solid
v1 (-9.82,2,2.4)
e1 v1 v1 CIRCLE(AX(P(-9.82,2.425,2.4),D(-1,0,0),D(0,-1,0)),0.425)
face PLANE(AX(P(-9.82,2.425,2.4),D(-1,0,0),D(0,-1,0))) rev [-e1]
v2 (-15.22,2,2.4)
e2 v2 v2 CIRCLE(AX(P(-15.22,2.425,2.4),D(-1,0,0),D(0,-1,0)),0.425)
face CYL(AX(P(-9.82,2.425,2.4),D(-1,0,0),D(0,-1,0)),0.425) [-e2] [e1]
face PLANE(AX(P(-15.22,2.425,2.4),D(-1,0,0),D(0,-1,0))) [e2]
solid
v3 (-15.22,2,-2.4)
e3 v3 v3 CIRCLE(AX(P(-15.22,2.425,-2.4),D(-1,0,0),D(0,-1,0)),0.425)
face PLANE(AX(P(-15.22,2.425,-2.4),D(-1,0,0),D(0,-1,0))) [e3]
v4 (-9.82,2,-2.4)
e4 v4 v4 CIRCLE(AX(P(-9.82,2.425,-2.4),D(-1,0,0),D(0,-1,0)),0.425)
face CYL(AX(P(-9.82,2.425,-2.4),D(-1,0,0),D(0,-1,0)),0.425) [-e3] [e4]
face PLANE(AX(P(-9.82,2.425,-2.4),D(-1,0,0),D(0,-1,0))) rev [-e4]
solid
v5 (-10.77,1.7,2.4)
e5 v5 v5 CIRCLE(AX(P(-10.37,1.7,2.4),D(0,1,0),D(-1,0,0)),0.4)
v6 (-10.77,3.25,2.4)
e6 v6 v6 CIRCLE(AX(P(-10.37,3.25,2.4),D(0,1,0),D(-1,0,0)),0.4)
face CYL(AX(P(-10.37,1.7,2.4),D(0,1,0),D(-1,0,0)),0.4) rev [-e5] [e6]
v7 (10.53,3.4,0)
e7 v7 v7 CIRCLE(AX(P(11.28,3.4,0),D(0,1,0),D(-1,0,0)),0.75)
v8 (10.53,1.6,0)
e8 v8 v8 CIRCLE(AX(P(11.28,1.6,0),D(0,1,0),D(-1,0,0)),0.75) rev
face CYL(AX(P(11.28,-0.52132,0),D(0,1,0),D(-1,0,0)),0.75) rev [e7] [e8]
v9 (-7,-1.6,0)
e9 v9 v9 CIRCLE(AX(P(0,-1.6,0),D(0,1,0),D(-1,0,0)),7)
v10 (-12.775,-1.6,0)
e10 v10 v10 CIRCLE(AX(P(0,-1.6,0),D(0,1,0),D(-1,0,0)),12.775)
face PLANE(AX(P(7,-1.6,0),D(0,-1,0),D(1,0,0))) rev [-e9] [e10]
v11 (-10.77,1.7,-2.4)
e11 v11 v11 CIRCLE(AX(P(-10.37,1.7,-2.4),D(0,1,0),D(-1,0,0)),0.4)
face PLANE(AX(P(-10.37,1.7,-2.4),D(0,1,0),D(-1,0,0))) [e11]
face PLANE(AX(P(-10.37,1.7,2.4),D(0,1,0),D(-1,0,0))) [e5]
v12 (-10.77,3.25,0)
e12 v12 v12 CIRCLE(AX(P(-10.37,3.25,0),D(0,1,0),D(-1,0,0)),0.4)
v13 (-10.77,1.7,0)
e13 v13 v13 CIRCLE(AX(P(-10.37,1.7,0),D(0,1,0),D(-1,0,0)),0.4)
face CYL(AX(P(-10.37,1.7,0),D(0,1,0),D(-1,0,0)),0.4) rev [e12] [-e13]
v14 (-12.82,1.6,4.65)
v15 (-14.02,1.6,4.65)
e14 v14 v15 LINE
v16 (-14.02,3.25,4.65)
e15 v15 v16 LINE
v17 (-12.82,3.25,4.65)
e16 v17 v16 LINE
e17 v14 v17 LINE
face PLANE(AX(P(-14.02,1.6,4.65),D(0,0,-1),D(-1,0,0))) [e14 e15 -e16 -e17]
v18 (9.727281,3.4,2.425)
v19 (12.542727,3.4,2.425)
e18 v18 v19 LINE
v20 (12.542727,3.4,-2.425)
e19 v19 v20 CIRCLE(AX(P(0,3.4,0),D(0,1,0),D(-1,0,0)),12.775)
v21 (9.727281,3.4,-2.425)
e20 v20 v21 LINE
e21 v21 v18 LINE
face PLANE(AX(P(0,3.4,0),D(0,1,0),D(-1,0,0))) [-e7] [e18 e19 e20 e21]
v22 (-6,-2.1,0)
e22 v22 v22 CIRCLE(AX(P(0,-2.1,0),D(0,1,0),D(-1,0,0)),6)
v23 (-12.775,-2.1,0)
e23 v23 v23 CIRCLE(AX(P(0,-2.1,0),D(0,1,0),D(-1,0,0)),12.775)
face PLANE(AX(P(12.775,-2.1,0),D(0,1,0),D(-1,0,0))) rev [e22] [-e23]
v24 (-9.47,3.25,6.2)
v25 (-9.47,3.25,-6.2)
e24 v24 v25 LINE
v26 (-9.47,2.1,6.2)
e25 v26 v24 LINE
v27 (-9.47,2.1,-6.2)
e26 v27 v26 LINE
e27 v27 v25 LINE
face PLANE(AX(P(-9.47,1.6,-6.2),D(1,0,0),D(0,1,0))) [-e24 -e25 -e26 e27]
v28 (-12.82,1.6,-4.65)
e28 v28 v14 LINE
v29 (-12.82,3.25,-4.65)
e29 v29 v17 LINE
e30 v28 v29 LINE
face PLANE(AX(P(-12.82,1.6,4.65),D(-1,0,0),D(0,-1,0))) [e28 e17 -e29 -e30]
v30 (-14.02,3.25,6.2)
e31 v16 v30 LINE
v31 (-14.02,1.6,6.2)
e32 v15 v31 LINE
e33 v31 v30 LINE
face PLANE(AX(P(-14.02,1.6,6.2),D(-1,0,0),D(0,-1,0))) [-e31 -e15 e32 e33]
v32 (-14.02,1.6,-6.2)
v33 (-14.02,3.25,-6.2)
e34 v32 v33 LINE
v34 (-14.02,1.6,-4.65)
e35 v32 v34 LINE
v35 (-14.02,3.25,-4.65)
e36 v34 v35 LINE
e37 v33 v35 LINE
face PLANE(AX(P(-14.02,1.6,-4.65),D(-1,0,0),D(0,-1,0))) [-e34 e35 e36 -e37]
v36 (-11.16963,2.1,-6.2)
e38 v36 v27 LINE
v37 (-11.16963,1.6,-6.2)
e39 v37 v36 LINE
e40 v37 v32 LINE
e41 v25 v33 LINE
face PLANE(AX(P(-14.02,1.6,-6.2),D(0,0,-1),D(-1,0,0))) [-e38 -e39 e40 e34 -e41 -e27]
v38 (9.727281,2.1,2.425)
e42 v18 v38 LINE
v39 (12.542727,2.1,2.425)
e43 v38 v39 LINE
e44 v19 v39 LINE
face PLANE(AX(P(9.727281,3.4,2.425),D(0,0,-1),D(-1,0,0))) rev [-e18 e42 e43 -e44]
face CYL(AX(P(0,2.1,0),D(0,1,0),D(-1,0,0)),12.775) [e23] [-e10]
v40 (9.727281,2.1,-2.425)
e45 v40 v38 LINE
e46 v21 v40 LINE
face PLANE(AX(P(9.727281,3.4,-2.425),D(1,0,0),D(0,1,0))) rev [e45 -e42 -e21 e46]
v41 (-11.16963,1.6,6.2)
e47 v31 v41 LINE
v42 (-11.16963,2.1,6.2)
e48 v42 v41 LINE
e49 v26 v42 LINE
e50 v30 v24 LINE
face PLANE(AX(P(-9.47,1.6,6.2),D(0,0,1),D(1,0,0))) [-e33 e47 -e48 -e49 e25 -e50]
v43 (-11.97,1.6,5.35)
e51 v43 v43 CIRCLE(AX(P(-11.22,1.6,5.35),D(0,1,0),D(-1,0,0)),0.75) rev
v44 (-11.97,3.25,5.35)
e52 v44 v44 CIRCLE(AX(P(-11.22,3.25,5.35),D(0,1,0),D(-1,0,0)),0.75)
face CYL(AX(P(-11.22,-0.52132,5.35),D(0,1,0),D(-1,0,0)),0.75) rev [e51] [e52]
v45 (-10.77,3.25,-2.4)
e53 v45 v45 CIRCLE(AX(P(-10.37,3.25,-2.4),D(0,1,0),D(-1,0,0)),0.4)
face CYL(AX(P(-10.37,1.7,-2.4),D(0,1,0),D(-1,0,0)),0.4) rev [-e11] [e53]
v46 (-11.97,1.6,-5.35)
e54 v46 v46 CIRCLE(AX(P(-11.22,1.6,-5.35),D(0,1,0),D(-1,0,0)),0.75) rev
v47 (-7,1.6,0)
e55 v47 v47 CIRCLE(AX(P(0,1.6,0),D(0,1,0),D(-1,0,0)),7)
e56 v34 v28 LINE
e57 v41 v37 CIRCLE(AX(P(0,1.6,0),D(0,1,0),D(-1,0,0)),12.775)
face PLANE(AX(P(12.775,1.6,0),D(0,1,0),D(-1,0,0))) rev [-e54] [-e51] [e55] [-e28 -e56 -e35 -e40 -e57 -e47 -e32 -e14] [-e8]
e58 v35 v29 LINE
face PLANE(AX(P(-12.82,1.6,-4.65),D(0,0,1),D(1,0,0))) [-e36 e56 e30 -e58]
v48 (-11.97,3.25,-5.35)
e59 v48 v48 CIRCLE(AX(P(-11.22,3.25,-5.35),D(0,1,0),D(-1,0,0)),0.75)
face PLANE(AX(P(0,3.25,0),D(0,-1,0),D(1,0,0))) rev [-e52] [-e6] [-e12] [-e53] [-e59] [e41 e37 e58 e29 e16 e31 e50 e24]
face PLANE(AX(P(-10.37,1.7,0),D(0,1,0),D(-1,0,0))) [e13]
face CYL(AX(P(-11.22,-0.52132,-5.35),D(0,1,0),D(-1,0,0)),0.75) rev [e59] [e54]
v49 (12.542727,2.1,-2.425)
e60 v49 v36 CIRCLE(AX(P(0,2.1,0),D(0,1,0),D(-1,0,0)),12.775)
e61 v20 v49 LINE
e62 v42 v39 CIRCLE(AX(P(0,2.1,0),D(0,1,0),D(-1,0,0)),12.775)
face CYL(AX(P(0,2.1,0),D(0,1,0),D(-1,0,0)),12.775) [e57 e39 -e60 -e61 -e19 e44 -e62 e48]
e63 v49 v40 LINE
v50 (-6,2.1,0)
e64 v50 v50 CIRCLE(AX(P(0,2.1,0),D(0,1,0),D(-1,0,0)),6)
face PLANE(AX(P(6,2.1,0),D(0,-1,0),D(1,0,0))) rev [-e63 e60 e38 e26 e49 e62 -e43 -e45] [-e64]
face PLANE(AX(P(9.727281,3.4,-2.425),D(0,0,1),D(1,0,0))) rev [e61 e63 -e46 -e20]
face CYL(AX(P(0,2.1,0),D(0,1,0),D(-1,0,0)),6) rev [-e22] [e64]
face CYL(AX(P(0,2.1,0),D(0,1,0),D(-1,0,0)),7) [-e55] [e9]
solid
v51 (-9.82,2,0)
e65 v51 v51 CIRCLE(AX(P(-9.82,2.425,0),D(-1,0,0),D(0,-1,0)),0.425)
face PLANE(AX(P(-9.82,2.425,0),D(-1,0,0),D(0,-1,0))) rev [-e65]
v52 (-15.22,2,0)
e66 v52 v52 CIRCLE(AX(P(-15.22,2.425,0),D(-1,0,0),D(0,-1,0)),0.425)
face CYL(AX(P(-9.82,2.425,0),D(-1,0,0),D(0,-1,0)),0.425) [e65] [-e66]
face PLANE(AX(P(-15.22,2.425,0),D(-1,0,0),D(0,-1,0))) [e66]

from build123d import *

# Parameters (mm, degrees)
EXTRUDE_1_DEPTH        = 1.3
EXTRUDE_2_DEPTH        = 1.15
EXTRUDE_2_DEPTH_BACK   = 0.5
SKETCH_4_R             = 0.75
CUT_EXTRUDE_1_DEPTH    = 1.65
SKETCH_5_R             = 0.4
CUT_EXTRUDE_2_DEPTH    = 1.55
SKETCH_6_R             = 0.425
EXTRUDE_3_DEPTH        = 2.4
EXTRUDE_3_DEPTH_BACK   = 3
EXTRUDE_3_2_DEPTH      = 2.4
EXTRUDE_3_2_DEPTH_BACK = 3
EXTRUDE_3_3_DEPTH      = 2.4
EXTRUDE_3_3_DEPTH_BACK = 3
SKETCH_7_R             = 0.75
CUT_EXTRUDE_3_DEPTH    = 1.8


with BuildPart() as part:
    # Эскиз1 → Повернуть1 (revolve)
    with BuildSketch(Plane.XY):
        Polygon((7, 1.6), (7, -1.6), (12.775, -1.6), (12.775, -2.1), (6, -2.1), (6, 2.1), (12.775, 2.1), (12.775, 1.6), align=None)
    revolve(axis=Axis((0, 2.1, 0), (0, -1, 0)))

    # Эскиз2 → Бобышка-Вытянуть1 (add)
    with BuildSketch(Plane(origin=(0, 2.1, 0), x_dir=(1, 0, 0), z_dir=(0, 1, 0))):
        with BuildLine():
            Line((9.727281223, 2.425), (12.542726976, 2.425))
            ThreePointArc((12.542726976, 2.425), (12.775, 0), (12.542726976, -2.425))
            Line((12.542726976, -2.425), (9.727281223, -2.425))
            Line((9.727281223, -2.425), (9.727281223, 2.425))
        make_face()
    extrude(amount=EXTRUDE_1_DEPTH)

    # Эскиз3 → Бобышка-Вытянуть2 (add, two sides)
    with BuildSketch(Plane(origin=(0, 2.1, 0), x_dir=(1, 0, 0), z_dir=(0, 1, 0))) as extrude_2_sk:
        Polygon((-14.02, 6.2), (-9.47, 6.2), (-9.47, -6.2), (-14.02, -6.2), (-14.02, -4.65), (-12.82, -4.65), (-12.82, 4.65), (-14.02, 4.65), align=None)
    extrude(amount=EXTRUDE_2_DEPTH)
    extrude(extrude_2_sk.sketch, amount=-EXTRUDE_2_DEPTH_BACK)

    # Эскиз4 → Вырез-Вытянуть1 (cut)
    with BuildSketch(Plane(origin=(0, 3.25, 0), x_dir=(1, 0, 0), z_dir=(0, 1, 0))):
        with Locations((-11.22, 5.35)):
            Circle(SKETCH_4_R)
        with Locations((-11.22, -5.35)):
            Circle(SKETCH_4_R)
    extrude(amount=-CUT_EXTRUDE_1_DEPTH, mode=Mode.SUBTRACT)

    # Эскиз5 → Вырез-Вытянуть2 (cut)
    with BuildSketch(Plane(origin=(0, 3.25, 0), x_dir=(1, 0, 0), z_dir=(0, 1, 0))):
        with Locations((-10.37, 2.4)):
            Circle(SKETCH_5_R)
        with Locations((-10.37, 0)):
            Circle(SKETCH_5_R)
        with Locations((-10.37, -2.4)):
            Circle(SKETCH_5_R)
    extrude(amount=-CUT_EXTRUDE_2_DEPTH, mode=Mode.SUBTRACT)

    # Эскиз7 → Вырез-Вытянуть3 (cut)
    with BuildSketch(Plane(origin=(0, 3.4, 0), x_dir=(1, 0, 0), z_dir=(0, 1, 0))):
        with Locations((11.28, 0)):
            Circle(SKETCH_7_R)
    extrude(amount=-CUT_EXTRUDE_3_DEPTH, mode=Mode.SUBTRACT)


with BuildPart() as body_2:
    # Эскиз6 → Бобышка-Вытянуть3 (new body, two sides)
    with BuildSketch(Plane.ZY.offset(12.82)) as extrude_3_sk:
        with Locations((0, 2.425)):
            Circle(SKETCH_6_R)
    extrude(amount=EXTRUDE_3_DEPTH)
    extrude(extrude_3_sk.sketch, amount=-EXTRUDE_3_DEPTH_BACK)


with BuildPart() as body_3:
    # Эскиз6 → Extrude 3 2 (new body, two sides)
    with BuildSketch(Plane.ZY.offset(12.82)) as extrude_3_2_sk:
        with Locations((2.4, 2.425)):
            Circle(SKETCH_6_R)
    extrude(amount=EXTRUDE_3_2_DEPTH)
    extrude(extrude_3_2_sk.sketch, amount=-EXTRUDE_3_2_DEPTH_BACK)


with BuildPart() as body_4:
    # Эскиз6 → Extrude 3 3 (new body, two sides)
    with BuildSketch(Plane.ZY.offset(12.82)) as extrude_3_3_sk:
        with Locations((-2.4, 2.425)):
            Circle(SKETCH_6_R)
    extrude(amount=EXTRUDE_3_3_DEPTH)
    extrude(extrude_3_3_sk.sketch, amount=-EXTRUDE_3_3_DEPTH_BACK)


solid = Compound([part.part, body_2.part, body_3.part, body_4.part])
